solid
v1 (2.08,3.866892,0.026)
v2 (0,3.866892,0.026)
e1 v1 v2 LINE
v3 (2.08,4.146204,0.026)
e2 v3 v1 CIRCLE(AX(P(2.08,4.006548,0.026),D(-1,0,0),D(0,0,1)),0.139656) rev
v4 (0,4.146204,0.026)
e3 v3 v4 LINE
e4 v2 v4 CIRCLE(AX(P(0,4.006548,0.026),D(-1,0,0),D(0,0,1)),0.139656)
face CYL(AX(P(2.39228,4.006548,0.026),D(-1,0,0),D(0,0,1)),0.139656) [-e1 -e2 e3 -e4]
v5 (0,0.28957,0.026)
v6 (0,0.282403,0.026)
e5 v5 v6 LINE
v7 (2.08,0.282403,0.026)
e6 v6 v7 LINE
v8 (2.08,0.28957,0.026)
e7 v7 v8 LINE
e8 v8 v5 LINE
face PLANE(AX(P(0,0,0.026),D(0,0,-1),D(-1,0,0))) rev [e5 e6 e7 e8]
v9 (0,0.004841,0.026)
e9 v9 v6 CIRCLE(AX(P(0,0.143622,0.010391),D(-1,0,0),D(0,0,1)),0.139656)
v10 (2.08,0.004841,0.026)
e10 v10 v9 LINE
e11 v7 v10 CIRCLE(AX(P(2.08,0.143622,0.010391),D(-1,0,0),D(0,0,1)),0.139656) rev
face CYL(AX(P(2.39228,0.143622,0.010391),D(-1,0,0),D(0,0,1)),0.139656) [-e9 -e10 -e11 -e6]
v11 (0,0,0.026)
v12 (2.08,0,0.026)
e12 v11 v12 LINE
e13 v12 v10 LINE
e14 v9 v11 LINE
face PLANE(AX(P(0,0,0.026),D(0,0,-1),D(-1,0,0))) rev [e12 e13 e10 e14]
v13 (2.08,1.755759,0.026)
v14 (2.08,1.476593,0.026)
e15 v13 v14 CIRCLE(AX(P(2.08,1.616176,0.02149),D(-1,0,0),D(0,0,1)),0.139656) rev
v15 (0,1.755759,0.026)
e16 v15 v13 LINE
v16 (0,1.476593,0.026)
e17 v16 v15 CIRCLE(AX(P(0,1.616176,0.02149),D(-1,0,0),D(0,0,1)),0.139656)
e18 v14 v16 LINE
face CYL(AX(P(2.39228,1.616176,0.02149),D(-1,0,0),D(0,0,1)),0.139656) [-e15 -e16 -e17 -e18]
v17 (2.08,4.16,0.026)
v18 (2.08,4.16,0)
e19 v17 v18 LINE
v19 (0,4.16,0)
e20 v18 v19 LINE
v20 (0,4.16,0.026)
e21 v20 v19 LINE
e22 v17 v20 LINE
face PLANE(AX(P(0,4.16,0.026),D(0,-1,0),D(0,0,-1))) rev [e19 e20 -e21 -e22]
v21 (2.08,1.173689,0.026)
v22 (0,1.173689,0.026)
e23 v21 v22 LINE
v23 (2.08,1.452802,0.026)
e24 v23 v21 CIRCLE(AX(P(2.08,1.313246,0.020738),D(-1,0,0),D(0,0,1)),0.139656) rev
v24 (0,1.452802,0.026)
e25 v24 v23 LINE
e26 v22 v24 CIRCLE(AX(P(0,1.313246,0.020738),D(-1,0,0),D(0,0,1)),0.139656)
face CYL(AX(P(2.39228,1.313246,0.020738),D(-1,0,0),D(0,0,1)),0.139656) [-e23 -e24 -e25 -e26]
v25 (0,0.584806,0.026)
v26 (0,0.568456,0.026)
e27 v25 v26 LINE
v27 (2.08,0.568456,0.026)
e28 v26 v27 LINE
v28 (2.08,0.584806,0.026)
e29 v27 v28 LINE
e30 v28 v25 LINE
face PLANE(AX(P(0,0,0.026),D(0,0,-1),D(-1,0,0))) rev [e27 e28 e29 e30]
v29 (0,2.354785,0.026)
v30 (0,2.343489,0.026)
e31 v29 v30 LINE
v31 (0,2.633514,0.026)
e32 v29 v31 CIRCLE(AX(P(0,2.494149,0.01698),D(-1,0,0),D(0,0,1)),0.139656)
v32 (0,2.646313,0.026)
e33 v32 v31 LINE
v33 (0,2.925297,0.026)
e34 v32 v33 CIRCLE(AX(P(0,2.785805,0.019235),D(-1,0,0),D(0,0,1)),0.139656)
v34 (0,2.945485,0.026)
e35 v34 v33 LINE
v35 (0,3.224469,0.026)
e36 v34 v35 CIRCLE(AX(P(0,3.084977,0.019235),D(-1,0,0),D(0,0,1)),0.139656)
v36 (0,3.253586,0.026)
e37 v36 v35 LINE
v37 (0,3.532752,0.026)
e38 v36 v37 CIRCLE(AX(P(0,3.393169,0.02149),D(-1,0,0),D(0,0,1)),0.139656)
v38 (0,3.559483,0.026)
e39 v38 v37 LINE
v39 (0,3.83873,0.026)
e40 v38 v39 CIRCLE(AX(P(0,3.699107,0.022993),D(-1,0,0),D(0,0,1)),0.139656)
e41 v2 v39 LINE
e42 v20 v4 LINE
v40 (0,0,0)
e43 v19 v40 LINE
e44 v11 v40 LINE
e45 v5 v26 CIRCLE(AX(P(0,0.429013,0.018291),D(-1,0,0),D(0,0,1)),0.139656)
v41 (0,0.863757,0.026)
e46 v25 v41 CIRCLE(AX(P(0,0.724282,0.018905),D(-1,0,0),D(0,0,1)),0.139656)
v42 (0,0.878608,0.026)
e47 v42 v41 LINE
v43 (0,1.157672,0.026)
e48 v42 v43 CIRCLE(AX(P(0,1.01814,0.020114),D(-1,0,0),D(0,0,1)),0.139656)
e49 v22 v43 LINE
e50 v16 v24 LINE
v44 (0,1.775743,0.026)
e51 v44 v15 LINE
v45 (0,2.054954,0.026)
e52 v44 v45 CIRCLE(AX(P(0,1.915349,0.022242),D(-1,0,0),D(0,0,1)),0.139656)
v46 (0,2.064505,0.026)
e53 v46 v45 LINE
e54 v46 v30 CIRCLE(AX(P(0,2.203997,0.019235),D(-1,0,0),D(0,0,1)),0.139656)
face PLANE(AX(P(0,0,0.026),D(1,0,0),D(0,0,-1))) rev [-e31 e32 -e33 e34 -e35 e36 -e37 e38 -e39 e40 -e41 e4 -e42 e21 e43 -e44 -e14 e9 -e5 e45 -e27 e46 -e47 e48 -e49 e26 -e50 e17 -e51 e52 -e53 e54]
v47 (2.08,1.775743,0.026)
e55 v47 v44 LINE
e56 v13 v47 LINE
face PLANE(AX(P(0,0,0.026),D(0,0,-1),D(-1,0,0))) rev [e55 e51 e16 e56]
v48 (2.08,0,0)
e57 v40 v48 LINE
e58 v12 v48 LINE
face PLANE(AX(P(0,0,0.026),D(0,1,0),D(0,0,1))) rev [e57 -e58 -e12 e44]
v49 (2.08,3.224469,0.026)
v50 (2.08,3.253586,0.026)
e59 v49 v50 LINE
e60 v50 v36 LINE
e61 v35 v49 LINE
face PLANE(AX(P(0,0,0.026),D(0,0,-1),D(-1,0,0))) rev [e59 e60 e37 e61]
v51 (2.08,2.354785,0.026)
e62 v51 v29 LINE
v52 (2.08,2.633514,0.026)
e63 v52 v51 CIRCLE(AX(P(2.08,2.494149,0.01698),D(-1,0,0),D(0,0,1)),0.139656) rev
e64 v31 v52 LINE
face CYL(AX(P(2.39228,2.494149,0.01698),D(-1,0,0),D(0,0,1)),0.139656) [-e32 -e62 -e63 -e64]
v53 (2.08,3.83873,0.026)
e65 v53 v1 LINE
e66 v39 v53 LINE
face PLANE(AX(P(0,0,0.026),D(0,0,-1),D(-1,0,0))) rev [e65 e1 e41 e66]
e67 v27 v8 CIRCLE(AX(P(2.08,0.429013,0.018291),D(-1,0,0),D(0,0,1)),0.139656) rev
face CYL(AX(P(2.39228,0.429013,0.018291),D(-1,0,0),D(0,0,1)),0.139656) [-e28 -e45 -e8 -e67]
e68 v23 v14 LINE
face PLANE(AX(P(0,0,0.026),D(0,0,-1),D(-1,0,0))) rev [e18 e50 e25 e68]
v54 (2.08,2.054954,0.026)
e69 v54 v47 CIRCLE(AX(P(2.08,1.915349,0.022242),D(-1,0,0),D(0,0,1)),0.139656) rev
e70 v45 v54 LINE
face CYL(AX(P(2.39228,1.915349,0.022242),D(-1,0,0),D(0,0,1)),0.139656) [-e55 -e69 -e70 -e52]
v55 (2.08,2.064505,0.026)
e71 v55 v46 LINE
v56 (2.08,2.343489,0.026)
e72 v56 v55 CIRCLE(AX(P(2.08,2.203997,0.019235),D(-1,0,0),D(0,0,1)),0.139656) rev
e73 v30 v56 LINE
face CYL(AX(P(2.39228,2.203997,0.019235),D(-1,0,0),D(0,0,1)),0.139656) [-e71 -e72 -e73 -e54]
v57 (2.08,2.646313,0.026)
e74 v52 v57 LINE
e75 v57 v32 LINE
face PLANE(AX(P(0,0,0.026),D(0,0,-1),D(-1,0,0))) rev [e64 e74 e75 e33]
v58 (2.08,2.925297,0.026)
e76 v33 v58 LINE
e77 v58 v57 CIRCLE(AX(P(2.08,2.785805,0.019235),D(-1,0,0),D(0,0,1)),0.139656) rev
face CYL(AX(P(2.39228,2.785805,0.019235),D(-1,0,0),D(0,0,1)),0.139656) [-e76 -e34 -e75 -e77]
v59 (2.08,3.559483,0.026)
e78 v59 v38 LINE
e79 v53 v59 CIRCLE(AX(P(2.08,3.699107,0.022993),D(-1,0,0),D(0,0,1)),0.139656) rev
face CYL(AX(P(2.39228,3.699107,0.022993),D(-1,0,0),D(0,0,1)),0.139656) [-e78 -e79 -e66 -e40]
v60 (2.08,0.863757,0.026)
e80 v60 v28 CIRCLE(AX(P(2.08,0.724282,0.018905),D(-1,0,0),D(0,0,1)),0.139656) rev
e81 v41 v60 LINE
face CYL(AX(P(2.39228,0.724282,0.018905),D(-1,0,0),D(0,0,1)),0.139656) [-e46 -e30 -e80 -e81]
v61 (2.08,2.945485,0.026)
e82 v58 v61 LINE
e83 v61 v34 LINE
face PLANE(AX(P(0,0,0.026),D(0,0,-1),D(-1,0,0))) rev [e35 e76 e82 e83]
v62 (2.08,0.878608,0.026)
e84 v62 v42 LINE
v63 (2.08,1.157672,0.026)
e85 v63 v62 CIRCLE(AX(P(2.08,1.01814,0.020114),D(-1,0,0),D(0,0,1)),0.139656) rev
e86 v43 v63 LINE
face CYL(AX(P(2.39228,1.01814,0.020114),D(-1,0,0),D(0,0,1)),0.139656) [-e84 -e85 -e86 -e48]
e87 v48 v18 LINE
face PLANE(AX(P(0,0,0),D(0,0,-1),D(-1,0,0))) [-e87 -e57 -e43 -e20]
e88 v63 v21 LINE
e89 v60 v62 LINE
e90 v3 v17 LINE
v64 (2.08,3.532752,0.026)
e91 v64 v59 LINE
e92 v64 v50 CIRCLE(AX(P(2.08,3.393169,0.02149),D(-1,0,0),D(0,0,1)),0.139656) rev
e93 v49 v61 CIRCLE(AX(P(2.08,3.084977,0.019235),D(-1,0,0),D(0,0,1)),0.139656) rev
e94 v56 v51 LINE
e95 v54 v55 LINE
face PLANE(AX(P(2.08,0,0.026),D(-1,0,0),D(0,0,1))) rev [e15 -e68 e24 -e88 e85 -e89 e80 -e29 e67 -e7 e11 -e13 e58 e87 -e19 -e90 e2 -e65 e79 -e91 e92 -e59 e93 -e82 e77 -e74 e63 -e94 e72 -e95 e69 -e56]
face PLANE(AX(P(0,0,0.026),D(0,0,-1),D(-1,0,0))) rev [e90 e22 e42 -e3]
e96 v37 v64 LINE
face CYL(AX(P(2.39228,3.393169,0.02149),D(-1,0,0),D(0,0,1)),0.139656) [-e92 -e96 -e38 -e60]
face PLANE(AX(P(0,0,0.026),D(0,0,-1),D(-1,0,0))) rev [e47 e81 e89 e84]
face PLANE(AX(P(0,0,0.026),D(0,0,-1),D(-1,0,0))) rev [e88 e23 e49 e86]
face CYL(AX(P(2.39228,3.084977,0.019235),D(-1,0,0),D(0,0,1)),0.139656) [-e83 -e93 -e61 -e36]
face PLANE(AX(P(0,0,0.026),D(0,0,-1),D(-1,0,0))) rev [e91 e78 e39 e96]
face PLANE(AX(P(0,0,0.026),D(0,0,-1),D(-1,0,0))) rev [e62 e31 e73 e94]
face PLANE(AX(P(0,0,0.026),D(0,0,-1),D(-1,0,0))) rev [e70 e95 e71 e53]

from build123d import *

# Parameters (mm, degrees)
SKETCH_1_W      = 2.08
SKETCH_1_H      = 4.16
EXTRUDE_1_DEPTH = 0.026
EXTRUDE_2_DEPTH = 2.08


with BuildPart() as part:
    # 草图1 → 凸台-拉伸1 (new body)
    with BuildSketch(Plane.XY):
        with Locations((1.04, 2.08)):
            Rectangle(SKETCH_1_W, SKETCH_1_H)
    extrude(amount=EXTRUDE_1_DEPTH)

    # 草图2 → 凸台-拉伸2 (add)
    with BuildSketch(Plane.ZY):
        with BuildLine():
            Line((0.026, 4.146203623), (0.026, 3.866891673))
            ThreePointArc((0.026, 3.866891673), (0.165655975, 4.006547648), (0.026, 4.146203623))
        make_face()
        with BuildLine():
            Line((0.022993244, 3.838762788), (0.022993244, 3.559450839))
            ThreePointArc((0.022993244, 3.559450839), (0.162649218, 3.699106813), (0.022993244, 3.838762788))
        make_face()
        with BuildLine():
            Line((0.021489866, 3.532825332), (0.021489866, 3.253513382))
            ThreePointArc((0.021489866, 3.253513382), (0.16114584, 3.393169357), (0.021489866, 3.532825332))
        make_face()
        with BuildLine():
            Line((0.019234798, 3.224632808), (0.019234798, 2.945320858))
            ThreePointArc((0.019234798, 2.945320858), (0.158890773, 3.084976833), (0.019234798, 3.224632808))
        make_face()
        with BuildLine():
            Line((0.019234798, 2.925460553), (0.019234798, 2.646148603))
            ThreePointArc((0.019234798, 2.646148603), (0.158890773, 2.785804578), (0.019234798, 2.925460553))
        make_face()
        with BuildLine():
            Line((0.016979731, 2.633805189), (0.016979731, 2.354493239))
            ThreePointArc((0.016979731, 2.354493239), (0.156635706, 2.494149214), (0.016979731, 2.633805189))
        make_face()
        with BuildLine():
            Line((0.019234798, 2.343653203), (0.019234798, 2.064341253))
            ThreePointArc((0.019234798, 2.064341253), (0.158890773, 2.203997228), (0.019234798, 2.343653203))
        make_face()
        with BuildLine():
            Line((0.022241555, 2.055004595), (0.022241555, 1.775692646))
            ThreePointArc((0.022241555, 1.775692646), (0.161897529, 1.915348621), (0.022241555, 2.055004595))
        make_face()
        with BuildLine():
            Line((0.021489866, 1.755832341), (0.021489866, 1.476520391))
            ThreePointArc((0.021489866, 1.476520391), (0.16114584, 1.616176366), (0.021489866, 1.755832341))
        make_face()
        with BuildLine():
            Line((0.020738176, 1.45290164), (0.020738176, 1.173589691))
            ThreePointArc((0.020738176, 1.173589691), (0.160394151, 1.313245665), (0.020738176, 1.45290164))
        make_face()
        with BuildLine():
            Line((0.020114274, 1.157796023), (0.020114274, 0.878484074))
            ThreePointArc((0.020114274, 0.878484074), (0.159770249, 1.018140049), (0.020114274, 1.157796023))
        make_face()
        with BuildLine():
            Line((0.018905087, 0.863937722), (0.018905087, 0.584625772))
            ThreePointArc((0.018905087, 0.584625772), (0.158561062, 0.724281747), (0.018905087, 0.863937722))
        make_face()
        with BuildLine():
            Line((0.018290589, 0.568669036), (0.018290589, 0.289357086))
            ThreePointArc((0.018290589, 0.289357086), (0.157946563, 0.429013061), (0.018290589, 0.568669036))
        make_face()
        with BuildLine():
            Line((0.010391034, 0.283278205), (0.010391034, 0.003966255))
            ThreePointArc((0.010391034, 0.003966255), (0.150047009, 0.14362223), (0.010391034, 0.283278205))
        make_face()
    extrude(amount=-EXTRUDE_2_DEPTH)


solid = part.part
